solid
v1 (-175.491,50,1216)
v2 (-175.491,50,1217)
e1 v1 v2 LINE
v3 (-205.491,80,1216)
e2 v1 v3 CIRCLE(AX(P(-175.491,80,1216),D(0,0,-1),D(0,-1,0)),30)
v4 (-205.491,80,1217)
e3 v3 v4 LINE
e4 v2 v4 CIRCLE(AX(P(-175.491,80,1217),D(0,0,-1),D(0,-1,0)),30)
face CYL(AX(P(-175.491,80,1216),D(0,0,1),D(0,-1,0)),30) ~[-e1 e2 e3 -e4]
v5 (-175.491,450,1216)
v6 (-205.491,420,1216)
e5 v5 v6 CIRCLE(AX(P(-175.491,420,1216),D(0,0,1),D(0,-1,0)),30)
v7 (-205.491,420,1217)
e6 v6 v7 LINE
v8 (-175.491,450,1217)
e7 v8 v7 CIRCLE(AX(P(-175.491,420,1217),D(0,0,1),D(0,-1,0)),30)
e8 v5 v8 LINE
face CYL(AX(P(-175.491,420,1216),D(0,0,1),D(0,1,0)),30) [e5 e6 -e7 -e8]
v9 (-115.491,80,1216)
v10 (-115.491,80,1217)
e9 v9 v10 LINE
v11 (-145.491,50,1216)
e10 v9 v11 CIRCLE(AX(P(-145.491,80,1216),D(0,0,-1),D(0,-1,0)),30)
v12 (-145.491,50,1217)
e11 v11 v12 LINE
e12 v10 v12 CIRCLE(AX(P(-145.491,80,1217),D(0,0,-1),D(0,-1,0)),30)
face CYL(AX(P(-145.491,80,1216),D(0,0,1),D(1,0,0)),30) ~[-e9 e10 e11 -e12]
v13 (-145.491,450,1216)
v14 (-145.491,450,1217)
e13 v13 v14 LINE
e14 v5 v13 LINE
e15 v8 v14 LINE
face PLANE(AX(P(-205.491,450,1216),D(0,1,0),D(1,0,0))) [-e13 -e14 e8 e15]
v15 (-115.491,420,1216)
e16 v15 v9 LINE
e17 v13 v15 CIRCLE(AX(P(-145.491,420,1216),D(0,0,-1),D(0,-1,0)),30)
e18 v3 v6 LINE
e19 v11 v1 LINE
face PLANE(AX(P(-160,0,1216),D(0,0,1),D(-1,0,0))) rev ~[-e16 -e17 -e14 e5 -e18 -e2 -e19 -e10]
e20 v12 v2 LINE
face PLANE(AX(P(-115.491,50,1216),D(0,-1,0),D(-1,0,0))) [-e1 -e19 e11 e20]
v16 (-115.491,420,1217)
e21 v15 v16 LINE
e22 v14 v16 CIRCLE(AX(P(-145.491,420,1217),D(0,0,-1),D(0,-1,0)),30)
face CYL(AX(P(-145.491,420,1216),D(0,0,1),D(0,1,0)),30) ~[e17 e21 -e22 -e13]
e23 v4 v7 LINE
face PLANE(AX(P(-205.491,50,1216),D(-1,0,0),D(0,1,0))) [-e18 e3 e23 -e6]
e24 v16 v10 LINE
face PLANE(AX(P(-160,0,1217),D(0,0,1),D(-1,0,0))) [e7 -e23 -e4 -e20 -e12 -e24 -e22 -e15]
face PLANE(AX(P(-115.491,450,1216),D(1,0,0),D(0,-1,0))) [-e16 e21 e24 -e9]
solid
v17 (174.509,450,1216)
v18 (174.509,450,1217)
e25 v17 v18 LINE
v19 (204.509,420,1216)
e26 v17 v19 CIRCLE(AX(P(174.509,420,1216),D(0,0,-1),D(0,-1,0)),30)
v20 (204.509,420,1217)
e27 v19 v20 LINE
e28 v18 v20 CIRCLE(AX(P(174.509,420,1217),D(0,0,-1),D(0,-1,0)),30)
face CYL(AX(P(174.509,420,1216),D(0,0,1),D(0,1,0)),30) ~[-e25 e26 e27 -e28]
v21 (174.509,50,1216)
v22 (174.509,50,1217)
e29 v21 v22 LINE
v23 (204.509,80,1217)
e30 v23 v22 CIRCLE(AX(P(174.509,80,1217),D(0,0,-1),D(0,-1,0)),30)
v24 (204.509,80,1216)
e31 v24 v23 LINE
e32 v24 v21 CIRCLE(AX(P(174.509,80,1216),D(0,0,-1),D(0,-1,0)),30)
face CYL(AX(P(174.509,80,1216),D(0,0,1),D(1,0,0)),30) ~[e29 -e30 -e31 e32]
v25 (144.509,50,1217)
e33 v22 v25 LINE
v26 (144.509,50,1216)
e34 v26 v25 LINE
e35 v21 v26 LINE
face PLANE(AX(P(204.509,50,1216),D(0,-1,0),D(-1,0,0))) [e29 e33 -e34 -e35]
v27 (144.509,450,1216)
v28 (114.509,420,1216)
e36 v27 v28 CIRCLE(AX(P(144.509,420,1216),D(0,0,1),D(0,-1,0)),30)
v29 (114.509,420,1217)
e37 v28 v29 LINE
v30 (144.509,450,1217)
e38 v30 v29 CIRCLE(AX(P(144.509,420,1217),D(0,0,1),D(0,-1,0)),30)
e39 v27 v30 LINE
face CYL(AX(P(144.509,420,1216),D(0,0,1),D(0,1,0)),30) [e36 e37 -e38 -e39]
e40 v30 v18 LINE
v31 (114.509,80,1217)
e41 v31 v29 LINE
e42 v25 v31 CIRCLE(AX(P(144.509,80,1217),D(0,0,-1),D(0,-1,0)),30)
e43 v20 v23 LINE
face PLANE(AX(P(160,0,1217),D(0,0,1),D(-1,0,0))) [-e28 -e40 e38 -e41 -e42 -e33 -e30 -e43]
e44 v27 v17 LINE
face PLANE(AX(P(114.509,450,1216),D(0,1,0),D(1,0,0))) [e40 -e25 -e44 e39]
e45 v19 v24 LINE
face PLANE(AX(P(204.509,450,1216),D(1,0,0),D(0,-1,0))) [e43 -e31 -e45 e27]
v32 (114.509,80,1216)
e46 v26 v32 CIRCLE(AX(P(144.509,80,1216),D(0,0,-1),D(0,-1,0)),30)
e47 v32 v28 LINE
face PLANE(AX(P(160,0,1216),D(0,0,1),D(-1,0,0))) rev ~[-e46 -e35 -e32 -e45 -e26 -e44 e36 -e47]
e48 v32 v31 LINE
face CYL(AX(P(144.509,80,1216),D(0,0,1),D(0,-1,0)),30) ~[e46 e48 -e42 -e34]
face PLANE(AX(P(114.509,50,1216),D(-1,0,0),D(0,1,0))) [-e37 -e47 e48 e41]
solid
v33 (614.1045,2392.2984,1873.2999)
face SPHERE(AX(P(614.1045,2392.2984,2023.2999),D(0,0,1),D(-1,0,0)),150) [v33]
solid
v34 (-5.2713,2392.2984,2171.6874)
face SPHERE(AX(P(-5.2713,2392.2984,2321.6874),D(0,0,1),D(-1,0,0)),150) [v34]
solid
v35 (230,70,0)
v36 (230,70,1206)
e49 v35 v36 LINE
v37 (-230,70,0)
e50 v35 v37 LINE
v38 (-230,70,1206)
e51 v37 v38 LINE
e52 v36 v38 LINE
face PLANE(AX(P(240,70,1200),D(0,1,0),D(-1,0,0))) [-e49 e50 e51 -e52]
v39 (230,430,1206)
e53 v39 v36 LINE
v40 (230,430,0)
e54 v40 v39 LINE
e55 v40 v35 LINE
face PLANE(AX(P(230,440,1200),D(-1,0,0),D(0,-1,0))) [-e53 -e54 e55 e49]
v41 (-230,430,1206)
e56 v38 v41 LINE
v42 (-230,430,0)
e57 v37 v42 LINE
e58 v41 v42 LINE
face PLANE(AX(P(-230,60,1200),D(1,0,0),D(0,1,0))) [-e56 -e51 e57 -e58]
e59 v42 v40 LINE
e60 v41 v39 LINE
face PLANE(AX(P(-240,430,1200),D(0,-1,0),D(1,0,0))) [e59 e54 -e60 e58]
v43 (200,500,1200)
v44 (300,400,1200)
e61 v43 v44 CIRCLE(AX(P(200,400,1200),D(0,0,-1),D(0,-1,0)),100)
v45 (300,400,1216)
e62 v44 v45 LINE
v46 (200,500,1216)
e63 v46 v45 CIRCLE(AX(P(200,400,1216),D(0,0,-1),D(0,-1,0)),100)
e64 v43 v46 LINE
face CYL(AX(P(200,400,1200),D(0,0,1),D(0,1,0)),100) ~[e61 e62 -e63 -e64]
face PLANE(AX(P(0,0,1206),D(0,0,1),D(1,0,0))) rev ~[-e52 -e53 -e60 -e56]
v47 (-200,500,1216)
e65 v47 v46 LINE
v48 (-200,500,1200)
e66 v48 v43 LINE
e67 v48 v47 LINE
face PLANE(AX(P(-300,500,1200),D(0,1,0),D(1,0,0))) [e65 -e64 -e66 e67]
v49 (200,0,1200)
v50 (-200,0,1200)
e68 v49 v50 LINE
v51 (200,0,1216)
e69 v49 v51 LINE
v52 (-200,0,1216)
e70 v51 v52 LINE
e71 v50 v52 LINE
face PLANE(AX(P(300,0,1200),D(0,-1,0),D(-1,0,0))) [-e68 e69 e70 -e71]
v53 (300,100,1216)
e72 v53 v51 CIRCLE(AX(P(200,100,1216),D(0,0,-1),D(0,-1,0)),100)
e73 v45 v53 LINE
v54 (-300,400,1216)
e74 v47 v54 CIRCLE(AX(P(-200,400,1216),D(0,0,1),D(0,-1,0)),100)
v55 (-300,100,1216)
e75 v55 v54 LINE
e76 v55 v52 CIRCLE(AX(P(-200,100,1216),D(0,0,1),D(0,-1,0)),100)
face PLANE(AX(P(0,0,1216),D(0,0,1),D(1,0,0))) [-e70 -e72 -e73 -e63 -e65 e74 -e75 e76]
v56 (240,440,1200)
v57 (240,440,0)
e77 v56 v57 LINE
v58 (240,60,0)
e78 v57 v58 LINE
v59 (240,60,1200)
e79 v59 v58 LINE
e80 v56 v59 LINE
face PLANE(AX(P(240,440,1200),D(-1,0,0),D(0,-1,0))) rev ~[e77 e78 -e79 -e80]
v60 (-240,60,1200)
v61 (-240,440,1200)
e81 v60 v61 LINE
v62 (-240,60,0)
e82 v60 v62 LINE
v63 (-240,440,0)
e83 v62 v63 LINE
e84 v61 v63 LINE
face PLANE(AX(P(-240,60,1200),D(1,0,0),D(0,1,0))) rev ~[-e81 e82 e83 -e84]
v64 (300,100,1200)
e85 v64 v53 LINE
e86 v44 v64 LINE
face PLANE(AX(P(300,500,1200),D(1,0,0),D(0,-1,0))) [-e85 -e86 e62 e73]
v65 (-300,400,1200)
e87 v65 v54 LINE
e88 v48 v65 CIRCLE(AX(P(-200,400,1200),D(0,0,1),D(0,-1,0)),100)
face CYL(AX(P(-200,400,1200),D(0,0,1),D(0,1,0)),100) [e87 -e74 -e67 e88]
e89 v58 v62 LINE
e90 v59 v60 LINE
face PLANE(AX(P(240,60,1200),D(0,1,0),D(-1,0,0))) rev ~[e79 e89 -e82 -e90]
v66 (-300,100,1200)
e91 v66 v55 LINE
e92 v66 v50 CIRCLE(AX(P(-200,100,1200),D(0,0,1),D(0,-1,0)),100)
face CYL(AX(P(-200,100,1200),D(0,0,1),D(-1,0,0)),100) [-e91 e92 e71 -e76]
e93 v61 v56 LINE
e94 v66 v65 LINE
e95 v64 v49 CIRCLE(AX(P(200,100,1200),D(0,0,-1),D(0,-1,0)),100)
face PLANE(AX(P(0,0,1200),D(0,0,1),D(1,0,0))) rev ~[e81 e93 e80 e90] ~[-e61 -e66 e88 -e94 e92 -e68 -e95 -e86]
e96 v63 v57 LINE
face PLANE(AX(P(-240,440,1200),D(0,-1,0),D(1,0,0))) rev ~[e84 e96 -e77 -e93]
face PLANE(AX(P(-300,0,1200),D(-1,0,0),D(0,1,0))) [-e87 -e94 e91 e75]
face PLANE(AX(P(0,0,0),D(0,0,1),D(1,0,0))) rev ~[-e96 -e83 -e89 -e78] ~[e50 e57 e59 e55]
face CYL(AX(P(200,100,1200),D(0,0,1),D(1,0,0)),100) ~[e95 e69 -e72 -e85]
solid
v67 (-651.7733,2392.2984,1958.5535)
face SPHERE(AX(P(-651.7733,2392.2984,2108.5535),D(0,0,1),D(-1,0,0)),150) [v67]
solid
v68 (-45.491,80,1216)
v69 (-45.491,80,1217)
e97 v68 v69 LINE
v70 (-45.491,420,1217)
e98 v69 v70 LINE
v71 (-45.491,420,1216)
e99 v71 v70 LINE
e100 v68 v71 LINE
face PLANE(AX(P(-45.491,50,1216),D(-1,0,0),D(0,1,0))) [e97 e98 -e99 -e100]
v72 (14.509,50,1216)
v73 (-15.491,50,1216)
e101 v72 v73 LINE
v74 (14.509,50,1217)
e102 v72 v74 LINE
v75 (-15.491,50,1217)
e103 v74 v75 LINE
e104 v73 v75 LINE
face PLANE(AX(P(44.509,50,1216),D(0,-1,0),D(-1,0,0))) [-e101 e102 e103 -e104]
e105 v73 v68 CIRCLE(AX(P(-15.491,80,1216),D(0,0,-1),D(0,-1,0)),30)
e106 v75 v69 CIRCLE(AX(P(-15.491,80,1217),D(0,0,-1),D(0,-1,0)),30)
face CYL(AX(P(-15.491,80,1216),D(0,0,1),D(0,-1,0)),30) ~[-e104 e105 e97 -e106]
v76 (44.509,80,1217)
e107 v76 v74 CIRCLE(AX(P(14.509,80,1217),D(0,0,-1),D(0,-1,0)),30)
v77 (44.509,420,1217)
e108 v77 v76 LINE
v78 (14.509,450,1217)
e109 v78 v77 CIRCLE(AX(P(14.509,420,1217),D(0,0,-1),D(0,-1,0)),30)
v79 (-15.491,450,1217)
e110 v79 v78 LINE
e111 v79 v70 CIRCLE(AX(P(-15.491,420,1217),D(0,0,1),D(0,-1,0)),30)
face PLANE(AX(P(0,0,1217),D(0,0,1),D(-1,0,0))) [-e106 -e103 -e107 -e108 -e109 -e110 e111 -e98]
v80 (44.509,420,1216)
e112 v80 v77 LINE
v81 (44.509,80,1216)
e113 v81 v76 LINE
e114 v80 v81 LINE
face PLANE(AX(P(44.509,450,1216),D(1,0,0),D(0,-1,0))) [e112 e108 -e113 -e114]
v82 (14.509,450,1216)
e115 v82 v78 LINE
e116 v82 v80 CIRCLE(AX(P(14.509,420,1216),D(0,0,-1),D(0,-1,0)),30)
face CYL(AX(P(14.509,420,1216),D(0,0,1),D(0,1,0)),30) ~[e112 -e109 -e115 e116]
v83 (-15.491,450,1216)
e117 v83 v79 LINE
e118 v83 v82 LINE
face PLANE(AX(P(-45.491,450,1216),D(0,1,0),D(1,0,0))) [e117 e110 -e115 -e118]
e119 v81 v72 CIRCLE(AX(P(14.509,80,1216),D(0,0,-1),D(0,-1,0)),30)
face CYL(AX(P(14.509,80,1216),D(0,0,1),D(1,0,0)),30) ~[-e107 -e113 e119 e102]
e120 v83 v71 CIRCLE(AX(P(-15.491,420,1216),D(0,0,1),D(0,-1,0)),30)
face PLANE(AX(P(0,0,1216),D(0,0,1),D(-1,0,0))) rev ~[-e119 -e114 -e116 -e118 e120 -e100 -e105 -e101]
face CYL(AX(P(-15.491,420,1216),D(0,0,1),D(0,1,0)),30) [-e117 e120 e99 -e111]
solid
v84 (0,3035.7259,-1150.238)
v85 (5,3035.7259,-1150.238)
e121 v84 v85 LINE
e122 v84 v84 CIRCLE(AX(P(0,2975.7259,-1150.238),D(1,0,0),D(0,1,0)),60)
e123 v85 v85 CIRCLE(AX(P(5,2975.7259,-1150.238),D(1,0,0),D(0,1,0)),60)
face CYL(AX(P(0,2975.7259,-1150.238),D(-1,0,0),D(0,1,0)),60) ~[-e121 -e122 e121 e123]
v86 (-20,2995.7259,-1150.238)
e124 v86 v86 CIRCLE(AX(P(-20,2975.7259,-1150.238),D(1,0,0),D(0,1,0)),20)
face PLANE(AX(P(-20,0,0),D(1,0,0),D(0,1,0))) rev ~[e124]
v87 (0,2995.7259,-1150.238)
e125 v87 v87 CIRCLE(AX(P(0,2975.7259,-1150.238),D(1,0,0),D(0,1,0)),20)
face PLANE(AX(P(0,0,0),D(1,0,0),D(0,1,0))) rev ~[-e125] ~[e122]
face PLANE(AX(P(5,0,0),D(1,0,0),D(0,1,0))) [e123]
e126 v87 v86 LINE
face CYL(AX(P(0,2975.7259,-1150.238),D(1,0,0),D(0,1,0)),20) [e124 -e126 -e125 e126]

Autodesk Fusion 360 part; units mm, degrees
ref_plane "WorkPlane1" through (0, 0, 1200) normal (0, 0, 1) x (1, 0, 0)
sketch "Sketch1" plane through (0, 0, 1200) normal (0, 0, 1) x (1, 0, 0) in component "Table"
  line L0 (-300, 500) -> (300, 500)
  line L1 (300, 500) -> (300, 0)
  line L2 (300, 0) -> (-300, 0)
  line L3 (-300, 0) -> (-300, 500)
  line L4 (-240, 440) -> (240, 440)
  line L5 (240, 440) -> (240, 60)
  line L6 (240, 60) -> (-240, 60)
  line L7 (-240, 60) -> (-240, 440)
  dimension "d1" = 600
  dimension "d2" = 500
  dimension "d27" = 60
extrude "Extrude1" add sketch "Sketch1" along normal blind 16 contours L0 L1 L2 L3 | L4 L5 L6 L7 makes body 1 in component "Table"
fillet "Fillet1" radius 100 4 edges at (-300, 0, 1208) (300, 0, 1208) (300, 500, 1208) (-300, 500, 1208) on bodies 1 in component "Table"
sketch "Sketch1 (2)" plane through (0, 0, 1216) normal (0, 0, 1) x (-1, 0, 0) in component "MetalPlate"
  arc A0 (200, -500) -> (300, -400) centre (200, -400) ccw
  line L0 (300, -400) -> (300, -100)
  arc A1 (300, -100) -> (200, 0) centre (200, -100) ccw
  line L1 (200, 0) -> (-200, 0)
  arc A2 (-200, 0) -> (-300, -100) centre (-200, -100) ccw
  line L2 (-300, -100) -> (-300, -400)
  arc A3 (-300, -400) -> (-200, -500) centre (-200, -400) ccw
  line L3 (-200, -500) -> (200, -500)
  line L4 (45.491, -450) -> (-44.509, -450)
  line L5 (-44.509, -450) -> (-44.509, -50)
  line L6 (-44.509, -50) -> (45.491, -50)
  line L7 (45.491, -50) -> (45.491, -450)
  point P0 (0.491, -450)
  dimension "d16" = 90
  dimension "d17" = 400
  dimension "d18" = 50
extrude "Extrude1'" add sketch "Sketch1 (2)" along normal blind 1 separate body contours L4 L5 L6 L7 makes body 2 in component "MetalPlate"
pattern_linear "00000000-0000-0000-0000-000000000000" [suppressed]
fillet "Fillet1'" radius 30 4 edges at (44.509, 50, 1216.5) (-45.491, 50, 1216.5) (44.509, 450, 1216.5) (-45.491, 450, 1216.5) on bodies 2 in component "MetalPlate"
sketch "Sketch1 (3)" plane through (0, 0, 0) normal (0, 0, 1) x (1, 0, 0) in component "Table stand"
extrude "Extrude4" add sketch "Sketch1" against normal blind 1200 contours L4 L5 L6 L7 bodies 1 in component "Table"
shell "Shell1" thickness 10 removed faces 1 at (-80, 313.3333, 0) on bodies 1 in component "Table"
sphere "SpherePrimitive1" add diameter 300 placed x (-1, 0, 0) y (0, -1, 0) z (0, 0, 1) at (184.1388, 600.8855, 1216) separate body makes body 3 in component "Floating 1"
pattern_linear "00000000-0000-0000-0000-000000000000'" [suppressed]
sketch "Sketch1 (4)" plane through (0, 0, 0) normal (1, 0, 0) x (0, 1, 0) in component "rope wheel"
  circle A0 centre (2975.7259, -1150.238) radius 60
  circle A1 centre (2975.7259, -1150.238) radius 20
  dimension "d41" = 120
  dimension "d42" = -40
extrude "Extrude1''" add sketch "Sketch1 (4)" along normal blind 5 separate body contours A0 | A1 makes body 4 in component "rope wheel"
extrude "Extrude3" add sketch "Sketch1 (4)" against normal blind 20 contours A1 bodies 4 in component "rope wheel"
component "Table" placed x (1, 0, 0) y (0, 1, 0) z (0, 0, 1) at (0, 0, 0)
component "MetalPlate" placed x (1, 0, 0) y (0, 1, 0) z (0, 0, 1) at (0, 0, 0)
component "MetalPlate" placed x (1, 0, 0) y (0, 1, 0) z (0, 0, 1) at (-160, 0, 0)
component "MetalPlate" placed x (1, 0, 0) y (0, 1, 0) z (0, 0, 1) at (160, 0, 0)
component "Table stand" placed x (1, 0, 0) y (0, 1, 0) z (0, 0, 1) at (0, 0, 0)
component "Floating 1" placed x (1, 0, 0) y (0, 1, 0) z (0, 0, 1) at (-189.4101, 1791.4129, 1105.6874)
component "Floating 1" placed x (1, 0, 0) y (0, 1, 0) z (0, 0, 1) at (429.9657, 1791.4129, 807.2999)
component "Floating 1" placed x (1, 0, 0) y (0, 1, 0) z (0, 0, 1) at (-835.9121, 1791.4129, 892.5535)
component "rope wheel" placed x (1, 0, 0) y (0, 1, 0) z (0, 0, 1) at (0, 0, 0)
